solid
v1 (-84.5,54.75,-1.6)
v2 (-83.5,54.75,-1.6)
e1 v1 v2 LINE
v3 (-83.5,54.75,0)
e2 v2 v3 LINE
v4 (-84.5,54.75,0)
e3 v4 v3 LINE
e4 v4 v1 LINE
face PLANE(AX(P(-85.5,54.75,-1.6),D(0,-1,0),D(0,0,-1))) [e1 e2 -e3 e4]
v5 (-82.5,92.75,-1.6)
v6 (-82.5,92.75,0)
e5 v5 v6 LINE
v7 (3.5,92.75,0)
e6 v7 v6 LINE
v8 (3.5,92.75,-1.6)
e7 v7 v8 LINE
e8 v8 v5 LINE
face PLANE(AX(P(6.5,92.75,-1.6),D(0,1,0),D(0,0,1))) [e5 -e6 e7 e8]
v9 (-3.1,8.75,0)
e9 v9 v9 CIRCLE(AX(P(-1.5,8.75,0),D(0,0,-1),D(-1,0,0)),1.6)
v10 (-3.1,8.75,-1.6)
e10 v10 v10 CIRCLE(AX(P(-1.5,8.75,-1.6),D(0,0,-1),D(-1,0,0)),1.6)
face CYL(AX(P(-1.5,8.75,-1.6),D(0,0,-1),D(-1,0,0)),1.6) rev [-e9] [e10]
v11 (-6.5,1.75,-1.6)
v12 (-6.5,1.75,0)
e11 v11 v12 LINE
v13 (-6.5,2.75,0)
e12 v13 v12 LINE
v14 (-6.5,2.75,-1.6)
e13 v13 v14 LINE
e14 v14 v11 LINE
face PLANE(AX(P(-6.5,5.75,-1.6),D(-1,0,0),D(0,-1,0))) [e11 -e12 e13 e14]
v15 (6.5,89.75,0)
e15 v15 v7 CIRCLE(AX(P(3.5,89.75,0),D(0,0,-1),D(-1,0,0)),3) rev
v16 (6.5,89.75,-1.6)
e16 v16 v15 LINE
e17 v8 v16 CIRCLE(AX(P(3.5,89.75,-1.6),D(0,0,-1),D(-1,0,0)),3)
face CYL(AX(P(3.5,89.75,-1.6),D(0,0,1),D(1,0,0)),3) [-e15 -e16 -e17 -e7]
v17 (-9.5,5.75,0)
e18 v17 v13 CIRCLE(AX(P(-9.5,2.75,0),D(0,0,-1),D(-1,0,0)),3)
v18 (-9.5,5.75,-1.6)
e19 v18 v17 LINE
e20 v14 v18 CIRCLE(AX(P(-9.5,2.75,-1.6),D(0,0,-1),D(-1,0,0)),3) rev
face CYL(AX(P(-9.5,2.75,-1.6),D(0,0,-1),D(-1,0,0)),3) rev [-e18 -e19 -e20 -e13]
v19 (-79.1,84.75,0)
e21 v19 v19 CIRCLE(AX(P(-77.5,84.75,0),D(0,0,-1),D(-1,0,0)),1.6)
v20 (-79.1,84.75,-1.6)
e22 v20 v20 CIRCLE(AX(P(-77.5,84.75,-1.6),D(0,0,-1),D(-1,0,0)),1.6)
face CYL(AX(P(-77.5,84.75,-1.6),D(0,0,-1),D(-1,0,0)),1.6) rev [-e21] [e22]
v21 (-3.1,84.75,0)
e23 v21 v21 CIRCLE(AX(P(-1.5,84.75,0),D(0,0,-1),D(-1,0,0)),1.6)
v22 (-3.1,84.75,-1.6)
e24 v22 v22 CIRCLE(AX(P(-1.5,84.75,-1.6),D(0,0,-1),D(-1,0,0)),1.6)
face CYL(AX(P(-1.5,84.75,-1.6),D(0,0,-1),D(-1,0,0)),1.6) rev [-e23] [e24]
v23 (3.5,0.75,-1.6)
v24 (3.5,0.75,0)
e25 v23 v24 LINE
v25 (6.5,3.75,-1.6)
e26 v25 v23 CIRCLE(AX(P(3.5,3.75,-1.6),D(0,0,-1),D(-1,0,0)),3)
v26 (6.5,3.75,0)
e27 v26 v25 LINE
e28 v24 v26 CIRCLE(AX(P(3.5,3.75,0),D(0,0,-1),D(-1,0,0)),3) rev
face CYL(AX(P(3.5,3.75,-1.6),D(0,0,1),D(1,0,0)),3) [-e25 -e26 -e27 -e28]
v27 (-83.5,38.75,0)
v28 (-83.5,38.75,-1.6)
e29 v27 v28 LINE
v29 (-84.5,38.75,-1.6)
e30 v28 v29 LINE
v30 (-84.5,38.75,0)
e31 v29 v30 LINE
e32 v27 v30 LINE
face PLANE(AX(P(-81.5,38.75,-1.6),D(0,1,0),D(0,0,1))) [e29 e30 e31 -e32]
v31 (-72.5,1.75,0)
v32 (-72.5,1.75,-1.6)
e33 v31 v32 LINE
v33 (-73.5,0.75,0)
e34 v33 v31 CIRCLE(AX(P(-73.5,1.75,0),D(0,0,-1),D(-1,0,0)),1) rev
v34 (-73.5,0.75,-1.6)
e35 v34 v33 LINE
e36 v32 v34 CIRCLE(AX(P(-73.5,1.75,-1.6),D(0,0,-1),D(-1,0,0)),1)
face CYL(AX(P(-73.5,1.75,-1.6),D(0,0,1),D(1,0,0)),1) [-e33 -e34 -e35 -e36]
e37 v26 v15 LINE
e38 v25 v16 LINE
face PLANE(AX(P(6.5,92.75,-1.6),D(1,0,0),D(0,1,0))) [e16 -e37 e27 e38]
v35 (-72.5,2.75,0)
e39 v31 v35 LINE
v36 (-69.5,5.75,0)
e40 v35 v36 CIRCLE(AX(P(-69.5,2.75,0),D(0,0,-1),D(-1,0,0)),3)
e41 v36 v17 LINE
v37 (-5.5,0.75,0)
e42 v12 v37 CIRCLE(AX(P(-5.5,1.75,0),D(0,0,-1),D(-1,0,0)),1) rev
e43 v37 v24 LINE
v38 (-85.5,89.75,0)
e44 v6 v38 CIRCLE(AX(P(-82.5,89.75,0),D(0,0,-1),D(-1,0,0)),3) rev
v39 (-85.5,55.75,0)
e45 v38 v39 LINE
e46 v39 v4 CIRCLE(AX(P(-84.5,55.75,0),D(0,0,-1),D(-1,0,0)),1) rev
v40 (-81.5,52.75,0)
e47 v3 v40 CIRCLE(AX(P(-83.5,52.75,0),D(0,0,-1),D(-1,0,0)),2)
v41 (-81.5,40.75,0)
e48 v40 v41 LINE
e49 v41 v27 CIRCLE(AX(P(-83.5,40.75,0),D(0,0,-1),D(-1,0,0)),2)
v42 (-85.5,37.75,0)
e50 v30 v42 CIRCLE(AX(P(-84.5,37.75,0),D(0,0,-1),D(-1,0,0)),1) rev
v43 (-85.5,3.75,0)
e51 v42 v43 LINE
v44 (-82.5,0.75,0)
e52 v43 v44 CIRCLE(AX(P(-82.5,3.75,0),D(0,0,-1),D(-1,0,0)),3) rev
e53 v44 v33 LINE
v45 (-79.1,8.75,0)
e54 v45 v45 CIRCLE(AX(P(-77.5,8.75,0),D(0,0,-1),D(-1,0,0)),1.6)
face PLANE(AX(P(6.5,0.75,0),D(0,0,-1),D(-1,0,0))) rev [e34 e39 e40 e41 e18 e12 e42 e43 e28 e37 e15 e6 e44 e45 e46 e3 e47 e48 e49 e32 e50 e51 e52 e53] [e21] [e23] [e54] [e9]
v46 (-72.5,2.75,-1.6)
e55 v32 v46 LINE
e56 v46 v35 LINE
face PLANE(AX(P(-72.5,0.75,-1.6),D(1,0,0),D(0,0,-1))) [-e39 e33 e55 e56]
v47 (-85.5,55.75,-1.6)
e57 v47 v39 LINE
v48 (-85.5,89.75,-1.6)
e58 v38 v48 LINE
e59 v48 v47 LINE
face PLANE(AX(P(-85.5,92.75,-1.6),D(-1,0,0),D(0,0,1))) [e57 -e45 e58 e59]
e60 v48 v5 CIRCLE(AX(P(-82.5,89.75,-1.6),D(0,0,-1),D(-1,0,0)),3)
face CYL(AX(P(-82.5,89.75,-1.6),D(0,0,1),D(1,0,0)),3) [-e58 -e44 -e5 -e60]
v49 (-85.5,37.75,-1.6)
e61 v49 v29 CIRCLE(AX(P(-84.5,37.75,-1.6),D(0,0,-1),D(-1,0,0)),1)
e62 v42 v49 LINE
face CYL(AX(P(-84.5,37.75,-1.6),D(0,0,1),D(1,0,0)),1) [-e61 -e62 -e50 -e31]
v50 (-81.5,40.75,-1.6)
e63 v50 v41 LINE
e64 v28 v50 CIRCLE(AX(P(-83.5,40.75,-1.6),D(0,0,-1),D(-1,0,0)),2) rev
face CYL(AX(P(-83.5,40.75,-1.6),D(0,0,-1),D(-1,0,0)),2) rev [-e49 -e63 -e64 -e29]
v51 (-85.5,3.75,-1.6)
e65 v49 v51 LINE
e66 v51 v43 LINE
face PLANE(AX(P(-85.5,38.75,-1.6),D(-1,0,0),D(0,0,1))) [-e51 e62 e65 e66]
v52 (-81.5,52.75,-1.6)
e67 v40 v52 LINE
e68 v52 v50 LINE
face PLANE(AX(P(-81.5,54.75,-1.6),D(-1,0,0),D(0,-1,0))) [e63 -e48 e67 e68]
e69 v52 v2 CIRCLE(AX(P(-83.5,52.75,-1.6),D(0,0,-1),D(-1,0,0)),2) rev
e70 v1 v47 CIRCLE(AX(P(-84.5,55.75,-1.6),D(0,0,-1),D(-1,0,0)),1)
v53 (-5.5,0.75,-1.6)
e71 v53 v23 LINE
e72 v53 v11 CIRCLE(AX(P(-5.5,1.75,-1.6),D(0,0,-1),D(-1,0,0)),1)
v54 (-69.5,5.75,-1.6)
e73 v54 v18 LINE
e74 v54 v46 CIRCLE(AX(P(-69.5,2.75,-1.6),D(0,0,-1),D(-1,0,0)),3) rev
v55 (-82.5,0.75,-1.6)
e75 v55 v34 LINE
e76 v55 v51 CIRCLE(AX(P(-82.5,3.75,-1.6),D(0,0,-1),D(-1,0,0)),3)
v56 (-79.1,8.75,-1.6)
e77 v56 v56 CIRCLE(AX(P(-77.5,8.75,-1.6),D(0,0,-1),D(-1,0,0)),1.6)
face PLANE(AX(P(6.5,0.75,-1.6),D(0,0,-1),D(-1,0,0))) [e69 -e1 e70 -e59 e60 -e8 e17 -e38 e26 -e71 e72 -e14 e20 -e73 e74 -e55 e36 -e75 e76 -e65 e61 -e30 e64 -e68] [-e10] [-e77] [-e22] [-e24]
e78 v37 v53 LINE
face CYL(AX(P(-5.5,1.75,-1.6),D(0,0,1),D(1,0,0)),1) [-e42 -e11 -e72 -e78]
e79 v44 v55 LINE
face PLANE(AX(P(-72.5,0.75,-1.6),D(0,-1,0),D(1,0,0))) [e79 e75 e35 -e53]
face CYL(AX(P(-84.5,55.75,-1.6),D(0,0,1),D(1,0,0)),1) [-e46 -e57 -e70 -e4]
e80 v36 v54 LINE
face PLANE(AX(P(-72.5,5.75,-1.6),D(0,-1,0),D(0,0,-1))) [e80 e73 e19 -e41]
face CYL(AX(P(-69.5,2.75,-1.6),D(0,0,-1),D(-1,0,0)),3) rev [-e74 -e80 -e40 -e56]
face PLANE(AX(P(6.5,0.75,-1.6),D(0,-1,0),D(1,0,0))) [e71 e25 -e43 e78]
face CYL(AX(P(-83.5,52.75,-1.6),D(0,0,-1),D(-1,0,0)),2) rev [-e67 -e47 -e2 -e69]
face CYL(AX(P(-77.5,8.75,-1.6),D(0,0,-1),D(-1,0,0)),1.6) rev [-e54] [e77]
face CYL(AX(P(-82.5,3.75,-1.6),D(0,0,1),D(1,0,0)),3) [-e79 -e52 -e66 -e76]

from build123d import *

# Parameters (mm, degrees)
BOSS_EXTRUDE1_DEPTH        = 1.6
F_3_2_3_2_DIAMETER_HOLE1_D = 3.2
FILLET1_R                  = 3
FILLET2_R                  = 1
FILLET3_R                  = 2


with BuildPart() as part:
    # Sketch1 → Boss-Extrude1 (new body)
    with BuildSketch(Plane.XY):
        Polygon((-72.5, 0.75), (-72.5, 5.75), (-6.5, 5.75), (-6.5, 0.75), (6.5, 0.75), (6.5, 92.75), (-85.5, 92.75), (-85.5, 54.75), (-81.5, 54.75), (-81.5, 38.75), (-85.5, 38.75), (-85.5, 0.75), align=None)
    extrude(amount=-BOSS_EXTRUDE1_DEPTH)

    # Ø3.2 (3.2) Diameter Hole1 (through all)
    with Locations(Plane(origin=(0, 0, -1.6), x_dir=(-1, 0, 0), z_dir=(0, 0, -1))):
        with Locations((1.5, 84.75), (1.5, 8.75), (77.5, 8.75), (77.5, 84.75)):
            Hole(F_3_2_3_2_DIAMETER_HOLE1_D / 2)

    # Fillet1
    fillet1_edges = [part.edges().sort_by_distance(p)[0] for p in [
        (6.5, 0.75, -0.8),
        (-6.5, 5.75, -0.8),
        (-72.5, 5.75, -0.8),
        (-85.5, 0.75, -0.8),
        (-85.5, 92.75, -0.8),
        (6.5, 92.75, -0.8),
    ]]
    fillet(fillet1_edges, radius=FILLET1_R)

    # Fillet2
    fillet2_edges = [part.edges().sort_by_distance(p)[0] for p in [
        (-6.5, 0.75, -0.8),
        (-72.5, 0.75, -0.8),
        (-85.5, 38.75, -0.8),
        (-85.5, 54.75, -0.8),
    ]]
    fillet(fillet2_edges, radius=FILLET2_R)

    # Fillet3
    fillet3_edges = [part.edges().sort_by_distance(p)[0] for p in [
        (-81.5, 38.75, -0.8),
        (-81.5, 54.75, -0.8),
    ]]
    fillet(fillet3_edges, radius=FILLET3_R)


solid = part.part
